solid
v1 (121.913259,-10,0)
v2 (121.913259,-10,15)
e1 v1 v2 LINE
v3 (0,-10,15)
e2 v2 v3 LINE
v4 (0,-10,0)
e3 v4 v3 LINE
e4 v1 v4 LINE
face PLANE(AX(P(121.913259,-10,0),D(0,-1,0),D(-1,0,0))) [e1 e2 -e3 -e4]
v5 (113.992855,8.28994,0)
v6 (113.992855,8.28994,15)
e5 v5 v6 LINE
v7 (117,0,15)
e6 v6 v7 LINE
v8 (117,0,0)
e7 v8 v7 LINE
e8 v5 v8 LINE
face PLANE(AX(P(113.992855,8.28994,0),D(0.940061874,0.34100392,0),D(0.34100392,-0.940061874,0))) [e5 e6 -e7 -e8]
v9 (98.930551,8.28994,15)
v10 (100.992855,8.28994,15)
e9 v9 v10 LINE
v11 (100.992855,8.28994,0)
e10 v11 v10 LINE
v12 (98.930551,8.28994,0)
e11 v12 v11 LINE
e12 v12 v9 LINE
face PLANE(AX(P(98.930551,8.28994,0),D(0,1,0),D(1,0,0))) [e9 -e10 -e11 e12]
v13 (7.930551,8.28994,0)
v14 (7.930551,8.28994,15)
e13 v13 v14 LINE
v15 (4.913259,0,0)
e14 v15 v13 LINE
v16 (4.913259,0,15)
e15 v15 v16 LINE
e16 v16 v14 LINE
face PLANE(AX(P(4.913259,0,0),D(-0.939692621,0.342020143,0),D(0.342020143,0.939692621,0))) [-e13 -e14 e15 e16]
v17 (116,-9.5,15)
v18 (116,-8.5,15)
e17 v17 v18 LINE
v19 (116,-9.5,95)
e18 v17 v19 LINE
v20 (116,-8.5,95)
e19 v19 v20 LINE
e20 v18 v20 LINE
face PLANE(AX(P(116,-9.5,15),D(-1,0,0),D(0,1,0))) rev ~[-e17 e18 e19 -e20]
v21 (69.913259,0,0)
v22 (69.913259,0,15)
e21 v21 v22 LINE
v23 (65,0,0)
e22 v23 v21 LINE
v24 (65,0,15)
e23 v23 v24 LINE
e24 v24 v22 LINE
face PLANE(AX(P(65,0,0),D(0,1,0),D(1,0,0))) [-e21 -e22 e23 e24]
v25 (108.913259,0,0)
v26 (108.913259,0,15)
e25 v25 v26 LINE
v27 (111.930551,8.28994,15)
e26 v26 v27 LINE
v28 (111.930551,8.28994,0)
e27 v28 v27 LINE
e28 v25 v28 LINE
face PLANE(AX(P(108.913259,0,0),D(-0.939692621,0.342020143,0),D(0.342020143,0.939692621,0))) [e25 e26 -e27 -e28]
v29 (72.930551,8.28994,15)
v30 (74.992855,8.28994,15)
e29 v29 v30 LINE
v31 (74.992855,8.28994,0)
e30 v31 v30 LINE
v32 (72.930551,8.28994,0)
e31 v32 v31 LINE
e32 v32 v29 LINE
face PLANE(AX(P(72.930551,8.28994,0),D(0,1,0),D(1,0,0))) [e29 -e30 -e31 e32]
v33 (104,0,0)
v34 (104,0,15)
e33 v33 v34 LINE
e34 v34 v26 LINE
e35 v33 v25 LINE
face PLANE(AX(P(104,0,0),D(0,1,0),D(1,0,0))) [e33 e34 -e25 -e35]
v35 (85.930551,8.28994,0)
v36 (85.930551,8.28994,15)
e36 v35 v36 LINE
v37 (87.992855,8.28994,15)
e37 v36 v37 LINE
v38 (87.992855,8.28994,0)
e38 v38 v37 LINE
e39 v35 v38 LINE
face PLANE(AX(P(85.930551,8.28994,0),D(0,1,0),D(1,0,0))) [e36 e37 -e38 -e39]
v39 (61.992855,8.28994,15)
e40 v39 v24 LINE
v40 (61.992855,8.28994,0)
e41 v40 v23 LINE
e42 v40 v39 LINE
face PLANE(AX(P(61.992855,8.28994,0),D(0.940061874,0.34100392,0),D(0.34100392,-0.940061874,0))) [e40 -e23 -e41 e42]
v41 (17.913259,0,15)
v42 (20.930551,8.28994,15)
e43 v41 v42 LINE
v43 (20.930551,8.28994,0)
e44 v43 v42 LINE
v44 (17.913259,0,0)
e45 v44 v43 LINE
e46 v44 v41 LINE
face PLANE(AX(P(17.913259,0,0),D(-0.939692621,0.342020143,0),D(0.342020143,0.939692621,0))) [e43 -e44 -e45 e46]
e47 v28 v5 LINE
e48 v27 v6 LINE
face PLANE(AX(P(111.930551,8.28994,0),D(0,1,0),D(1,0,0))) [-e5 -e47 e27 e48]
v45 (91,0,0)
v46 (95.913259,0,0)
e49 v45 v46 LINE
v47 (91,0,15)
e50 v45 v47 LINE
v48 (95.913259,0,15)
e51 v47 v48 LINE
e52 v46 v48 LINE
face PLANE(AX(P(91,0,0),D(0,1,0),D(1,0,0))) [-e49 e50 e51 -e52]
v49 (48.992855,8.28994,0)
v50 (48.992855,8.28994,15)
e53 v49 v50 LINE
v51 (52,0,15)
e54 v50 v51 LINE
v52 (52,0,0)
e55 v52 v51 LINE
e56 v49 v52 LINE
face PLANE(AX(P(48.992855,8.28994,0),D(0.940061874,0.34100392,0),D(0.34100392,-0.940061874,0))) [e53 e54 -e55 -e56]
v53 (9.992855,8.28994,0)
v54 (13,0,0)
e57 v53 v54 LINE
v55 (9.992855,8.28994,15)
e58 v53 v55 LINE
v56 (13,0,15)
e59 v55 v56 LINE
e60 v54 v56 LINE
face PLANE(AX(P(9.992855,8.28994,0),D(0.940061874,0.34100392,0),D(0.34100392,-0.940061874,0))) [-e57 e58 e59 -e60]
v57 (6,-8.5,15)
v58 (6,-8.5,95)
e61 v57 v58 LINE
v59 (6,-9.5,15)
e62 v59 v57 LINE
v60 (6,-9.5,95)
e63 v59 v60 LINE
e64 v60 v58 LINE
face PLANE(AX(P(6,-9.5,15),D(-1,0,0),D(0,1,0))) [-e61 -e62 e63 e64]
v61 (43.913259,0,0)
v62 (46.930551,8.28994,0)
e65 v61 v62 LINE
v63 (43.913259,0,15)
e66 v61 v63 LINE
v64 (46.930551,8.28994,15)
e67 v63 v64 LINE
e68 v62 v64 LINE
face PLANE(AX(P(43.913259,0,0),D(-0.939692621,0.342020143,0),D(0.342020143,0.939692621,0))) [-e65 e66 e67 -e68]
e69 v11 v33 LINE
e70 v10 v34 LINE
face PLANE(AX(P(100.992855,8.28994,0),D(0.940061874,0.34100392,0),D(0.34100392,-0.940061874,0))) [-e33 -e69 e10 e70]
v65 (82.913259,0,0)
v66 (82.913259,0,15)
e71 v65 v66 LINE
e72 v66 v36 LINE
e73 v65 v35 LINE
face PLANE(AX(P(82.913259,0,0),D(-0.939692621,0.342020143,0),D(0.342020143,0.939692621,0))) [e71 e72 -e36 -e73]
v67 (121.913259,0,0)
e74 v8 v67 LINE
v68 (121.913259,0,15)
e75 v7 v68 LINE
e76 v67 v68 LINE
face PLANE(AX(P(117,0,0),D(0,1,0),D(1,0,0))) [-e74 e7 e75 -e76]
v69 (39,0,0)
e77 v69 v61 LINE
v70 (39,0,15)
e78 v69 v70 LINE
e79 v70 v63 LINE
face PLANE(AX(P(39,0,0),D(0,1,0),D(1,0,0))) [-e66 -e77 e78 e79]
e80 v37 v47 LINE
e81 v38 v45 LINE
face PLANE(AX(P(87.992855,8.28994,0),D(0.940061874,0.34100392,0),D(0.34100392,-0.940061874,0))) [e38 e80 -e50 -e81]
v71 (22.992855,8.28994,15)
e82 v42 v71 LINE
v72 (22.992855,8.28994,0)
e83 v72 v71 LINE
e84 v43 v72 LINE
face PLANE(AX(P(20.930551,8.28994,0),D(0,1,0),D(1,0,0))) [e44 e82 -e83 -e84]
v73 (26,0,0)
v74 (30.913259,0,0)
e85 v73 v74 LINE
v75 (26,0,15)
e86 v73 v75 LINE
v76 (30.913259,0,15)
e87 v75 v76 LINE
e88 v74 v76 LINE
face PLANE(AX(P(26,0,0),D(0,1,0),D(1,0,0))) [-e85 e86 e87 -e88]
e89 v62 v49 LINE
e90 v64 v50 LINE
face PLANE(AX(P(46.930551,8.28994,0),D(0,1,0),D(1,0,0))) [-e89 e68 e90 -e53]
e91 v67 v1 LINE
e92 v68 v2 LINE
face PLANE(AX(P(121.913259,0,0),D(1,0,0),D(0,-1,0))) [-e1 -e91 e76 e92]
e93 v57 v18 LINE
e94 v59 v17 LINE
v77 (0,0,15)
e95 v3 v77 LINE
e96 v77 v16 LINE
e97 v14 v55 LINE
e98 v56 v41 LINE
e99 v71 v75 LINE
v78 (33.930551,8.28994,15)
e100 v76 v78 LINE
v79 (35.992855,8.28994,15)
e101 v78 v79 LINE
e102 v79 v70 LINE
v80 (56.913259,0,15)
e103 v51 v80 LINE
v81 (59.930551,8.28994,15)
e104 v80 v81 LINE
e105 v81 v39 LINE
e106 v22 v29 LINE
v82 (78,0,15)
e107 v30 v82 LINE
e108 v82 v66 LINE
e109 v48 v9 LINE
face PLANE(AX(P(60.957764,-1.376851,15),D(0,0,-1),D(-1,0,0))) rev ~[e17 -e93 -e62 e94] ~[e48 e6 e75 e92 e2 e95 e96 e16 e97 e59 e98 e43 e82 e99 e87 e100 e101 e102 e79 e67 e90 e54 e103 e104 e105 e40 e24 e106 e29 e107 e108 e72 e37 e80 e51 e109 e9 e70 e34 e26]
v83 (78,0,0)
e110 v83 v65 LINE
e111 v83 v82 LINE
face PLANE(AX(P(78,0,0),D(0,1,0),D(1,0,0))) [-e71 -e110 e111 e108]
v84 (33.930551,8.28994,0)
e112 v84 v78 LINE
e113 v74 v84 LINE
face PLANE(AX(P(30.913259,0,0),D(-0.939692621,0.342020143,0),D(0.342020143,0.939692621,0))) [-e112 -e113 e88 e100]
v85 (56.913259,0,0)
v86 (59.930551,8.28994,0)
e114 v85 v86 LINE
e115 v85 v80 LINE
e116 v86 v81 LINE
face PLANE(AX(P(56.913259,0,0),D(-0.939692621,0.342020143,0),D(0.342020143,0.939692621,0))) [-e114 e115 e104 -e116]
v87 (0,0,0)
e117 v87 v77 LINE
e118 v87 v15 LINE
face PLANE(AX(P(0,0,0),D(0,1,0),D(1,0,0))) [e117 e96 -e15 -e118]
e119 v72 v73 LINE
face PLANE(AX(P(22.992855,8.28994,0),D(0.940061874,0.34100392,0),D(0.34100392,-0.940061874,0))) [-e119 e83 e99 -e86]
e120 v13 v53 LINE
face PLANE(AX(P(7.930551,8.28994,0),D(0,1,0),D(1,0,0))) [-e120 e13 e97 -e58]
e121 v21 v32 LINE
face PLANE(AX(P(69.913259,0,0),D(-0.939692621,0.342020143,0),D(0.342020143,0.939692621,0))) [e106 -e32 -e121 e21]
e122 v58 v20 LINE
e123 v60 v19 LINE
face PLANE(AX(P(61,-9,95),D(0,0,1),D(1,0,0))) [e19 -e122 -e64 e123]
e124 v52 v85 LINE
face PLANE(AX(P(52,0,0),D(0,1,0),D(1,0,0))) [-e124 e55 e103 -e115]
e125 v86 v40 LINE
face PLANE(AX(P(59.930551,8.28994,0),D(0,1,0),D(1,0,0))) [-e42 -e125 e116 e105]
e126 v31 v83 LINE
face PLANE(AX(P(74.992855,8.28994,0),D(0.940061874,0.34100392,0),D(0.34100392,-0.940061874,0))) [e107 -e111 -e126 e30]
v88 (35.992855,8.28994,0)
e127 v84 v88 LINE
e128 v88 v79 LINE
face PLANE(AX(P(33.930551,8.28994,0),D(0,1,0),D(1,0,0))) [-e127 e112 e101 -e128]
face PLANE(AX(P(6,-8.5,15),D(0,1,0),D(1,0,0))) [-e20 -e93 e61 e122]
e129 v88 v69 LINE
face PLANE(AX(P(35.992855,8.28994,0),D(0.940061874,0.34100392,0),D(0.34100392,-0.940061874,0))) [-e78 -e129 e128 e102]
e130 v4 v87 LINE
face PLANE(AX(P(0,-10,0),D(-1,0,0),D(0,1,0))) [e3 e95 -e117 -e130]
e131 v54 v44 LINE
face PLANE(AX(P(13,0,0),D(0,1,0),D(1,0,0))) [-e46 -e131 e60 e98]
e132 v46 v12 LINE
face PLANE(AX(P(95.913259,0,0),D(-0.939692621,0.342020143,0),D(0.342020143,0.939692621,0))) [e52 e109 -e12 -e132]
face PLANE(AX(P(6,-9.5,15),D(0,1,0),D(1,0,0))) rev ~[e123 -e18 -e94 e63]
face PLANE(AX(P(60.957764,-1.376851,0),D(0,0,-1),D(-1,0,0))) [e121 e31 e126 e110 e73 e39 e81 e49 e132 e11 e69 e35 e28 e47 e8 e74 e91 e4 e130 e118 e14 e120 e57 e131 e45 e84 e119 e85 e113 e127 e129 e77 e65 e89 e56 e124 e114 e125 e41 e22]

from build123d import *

# Parameters (mm, degrees)
BOSS_EXTRUDE1_DEPTH = 15
SKETCH2_W           = 110
SKETCH2_H           = 1
BOSS_EXTRUDE3_DEPTH = 80


with BuildPart() as part:
    # Sketch1 → Boss-Extrude1 (new body)
    with BuildSketch(Plane.XY):
        Polygon((0, 0), (4.913259174, 0), (7.93055075, 8.289940472), (9.992855173, 8.289940472), (13, 0), (17.913259174, 0), (20.93055075, 8.289940472), (22.992855173, 8.289940472), (26, 0), (30.913259174, 0), (33.93055075, 8.289940472), (35.992855173, 8.289940472), (39, 0), (43.913259174, 0), (46.93055075, 8.289940472), (48.992855173, 8.289940472), (52, 0), (56.913259174, 0), (59.93055075, 8.289940472), (61.992855173, 8.289940472), (65, 0), (69.913259174, 0), (72.93055075, 8.289940472), (74.992855173, 8.289940472), (78, 0), (82.913259174, 0), (85.93055075, 8.289940472), (87.992855173, 8.289940472), (91, 0), (95.913259174, 0), (98.93055075, 8.289940472), (100.992855173, 8.289940472), (104, 0), (108.913259174, 0), (111.93055075, 8.289940472), (113.992855173, 8.289940472), (117, 0), (121.913259174, 0), (121.913259174, -10), (0, -10), align=None)
    extrude(amount=BOSS_EXTRUDE1_DEPTH)

    # Sketch2 → Boss-Extrude3 (add)
    with BuildSketch(Plane.XY.offset(15)):
        with Locations((61, -9)):
            Rectangle(SKETCH2_W, SKETCH2_H)
    extrude(amount=BOSS_EXTRUDE3_DEPTH)


solid = part.part
